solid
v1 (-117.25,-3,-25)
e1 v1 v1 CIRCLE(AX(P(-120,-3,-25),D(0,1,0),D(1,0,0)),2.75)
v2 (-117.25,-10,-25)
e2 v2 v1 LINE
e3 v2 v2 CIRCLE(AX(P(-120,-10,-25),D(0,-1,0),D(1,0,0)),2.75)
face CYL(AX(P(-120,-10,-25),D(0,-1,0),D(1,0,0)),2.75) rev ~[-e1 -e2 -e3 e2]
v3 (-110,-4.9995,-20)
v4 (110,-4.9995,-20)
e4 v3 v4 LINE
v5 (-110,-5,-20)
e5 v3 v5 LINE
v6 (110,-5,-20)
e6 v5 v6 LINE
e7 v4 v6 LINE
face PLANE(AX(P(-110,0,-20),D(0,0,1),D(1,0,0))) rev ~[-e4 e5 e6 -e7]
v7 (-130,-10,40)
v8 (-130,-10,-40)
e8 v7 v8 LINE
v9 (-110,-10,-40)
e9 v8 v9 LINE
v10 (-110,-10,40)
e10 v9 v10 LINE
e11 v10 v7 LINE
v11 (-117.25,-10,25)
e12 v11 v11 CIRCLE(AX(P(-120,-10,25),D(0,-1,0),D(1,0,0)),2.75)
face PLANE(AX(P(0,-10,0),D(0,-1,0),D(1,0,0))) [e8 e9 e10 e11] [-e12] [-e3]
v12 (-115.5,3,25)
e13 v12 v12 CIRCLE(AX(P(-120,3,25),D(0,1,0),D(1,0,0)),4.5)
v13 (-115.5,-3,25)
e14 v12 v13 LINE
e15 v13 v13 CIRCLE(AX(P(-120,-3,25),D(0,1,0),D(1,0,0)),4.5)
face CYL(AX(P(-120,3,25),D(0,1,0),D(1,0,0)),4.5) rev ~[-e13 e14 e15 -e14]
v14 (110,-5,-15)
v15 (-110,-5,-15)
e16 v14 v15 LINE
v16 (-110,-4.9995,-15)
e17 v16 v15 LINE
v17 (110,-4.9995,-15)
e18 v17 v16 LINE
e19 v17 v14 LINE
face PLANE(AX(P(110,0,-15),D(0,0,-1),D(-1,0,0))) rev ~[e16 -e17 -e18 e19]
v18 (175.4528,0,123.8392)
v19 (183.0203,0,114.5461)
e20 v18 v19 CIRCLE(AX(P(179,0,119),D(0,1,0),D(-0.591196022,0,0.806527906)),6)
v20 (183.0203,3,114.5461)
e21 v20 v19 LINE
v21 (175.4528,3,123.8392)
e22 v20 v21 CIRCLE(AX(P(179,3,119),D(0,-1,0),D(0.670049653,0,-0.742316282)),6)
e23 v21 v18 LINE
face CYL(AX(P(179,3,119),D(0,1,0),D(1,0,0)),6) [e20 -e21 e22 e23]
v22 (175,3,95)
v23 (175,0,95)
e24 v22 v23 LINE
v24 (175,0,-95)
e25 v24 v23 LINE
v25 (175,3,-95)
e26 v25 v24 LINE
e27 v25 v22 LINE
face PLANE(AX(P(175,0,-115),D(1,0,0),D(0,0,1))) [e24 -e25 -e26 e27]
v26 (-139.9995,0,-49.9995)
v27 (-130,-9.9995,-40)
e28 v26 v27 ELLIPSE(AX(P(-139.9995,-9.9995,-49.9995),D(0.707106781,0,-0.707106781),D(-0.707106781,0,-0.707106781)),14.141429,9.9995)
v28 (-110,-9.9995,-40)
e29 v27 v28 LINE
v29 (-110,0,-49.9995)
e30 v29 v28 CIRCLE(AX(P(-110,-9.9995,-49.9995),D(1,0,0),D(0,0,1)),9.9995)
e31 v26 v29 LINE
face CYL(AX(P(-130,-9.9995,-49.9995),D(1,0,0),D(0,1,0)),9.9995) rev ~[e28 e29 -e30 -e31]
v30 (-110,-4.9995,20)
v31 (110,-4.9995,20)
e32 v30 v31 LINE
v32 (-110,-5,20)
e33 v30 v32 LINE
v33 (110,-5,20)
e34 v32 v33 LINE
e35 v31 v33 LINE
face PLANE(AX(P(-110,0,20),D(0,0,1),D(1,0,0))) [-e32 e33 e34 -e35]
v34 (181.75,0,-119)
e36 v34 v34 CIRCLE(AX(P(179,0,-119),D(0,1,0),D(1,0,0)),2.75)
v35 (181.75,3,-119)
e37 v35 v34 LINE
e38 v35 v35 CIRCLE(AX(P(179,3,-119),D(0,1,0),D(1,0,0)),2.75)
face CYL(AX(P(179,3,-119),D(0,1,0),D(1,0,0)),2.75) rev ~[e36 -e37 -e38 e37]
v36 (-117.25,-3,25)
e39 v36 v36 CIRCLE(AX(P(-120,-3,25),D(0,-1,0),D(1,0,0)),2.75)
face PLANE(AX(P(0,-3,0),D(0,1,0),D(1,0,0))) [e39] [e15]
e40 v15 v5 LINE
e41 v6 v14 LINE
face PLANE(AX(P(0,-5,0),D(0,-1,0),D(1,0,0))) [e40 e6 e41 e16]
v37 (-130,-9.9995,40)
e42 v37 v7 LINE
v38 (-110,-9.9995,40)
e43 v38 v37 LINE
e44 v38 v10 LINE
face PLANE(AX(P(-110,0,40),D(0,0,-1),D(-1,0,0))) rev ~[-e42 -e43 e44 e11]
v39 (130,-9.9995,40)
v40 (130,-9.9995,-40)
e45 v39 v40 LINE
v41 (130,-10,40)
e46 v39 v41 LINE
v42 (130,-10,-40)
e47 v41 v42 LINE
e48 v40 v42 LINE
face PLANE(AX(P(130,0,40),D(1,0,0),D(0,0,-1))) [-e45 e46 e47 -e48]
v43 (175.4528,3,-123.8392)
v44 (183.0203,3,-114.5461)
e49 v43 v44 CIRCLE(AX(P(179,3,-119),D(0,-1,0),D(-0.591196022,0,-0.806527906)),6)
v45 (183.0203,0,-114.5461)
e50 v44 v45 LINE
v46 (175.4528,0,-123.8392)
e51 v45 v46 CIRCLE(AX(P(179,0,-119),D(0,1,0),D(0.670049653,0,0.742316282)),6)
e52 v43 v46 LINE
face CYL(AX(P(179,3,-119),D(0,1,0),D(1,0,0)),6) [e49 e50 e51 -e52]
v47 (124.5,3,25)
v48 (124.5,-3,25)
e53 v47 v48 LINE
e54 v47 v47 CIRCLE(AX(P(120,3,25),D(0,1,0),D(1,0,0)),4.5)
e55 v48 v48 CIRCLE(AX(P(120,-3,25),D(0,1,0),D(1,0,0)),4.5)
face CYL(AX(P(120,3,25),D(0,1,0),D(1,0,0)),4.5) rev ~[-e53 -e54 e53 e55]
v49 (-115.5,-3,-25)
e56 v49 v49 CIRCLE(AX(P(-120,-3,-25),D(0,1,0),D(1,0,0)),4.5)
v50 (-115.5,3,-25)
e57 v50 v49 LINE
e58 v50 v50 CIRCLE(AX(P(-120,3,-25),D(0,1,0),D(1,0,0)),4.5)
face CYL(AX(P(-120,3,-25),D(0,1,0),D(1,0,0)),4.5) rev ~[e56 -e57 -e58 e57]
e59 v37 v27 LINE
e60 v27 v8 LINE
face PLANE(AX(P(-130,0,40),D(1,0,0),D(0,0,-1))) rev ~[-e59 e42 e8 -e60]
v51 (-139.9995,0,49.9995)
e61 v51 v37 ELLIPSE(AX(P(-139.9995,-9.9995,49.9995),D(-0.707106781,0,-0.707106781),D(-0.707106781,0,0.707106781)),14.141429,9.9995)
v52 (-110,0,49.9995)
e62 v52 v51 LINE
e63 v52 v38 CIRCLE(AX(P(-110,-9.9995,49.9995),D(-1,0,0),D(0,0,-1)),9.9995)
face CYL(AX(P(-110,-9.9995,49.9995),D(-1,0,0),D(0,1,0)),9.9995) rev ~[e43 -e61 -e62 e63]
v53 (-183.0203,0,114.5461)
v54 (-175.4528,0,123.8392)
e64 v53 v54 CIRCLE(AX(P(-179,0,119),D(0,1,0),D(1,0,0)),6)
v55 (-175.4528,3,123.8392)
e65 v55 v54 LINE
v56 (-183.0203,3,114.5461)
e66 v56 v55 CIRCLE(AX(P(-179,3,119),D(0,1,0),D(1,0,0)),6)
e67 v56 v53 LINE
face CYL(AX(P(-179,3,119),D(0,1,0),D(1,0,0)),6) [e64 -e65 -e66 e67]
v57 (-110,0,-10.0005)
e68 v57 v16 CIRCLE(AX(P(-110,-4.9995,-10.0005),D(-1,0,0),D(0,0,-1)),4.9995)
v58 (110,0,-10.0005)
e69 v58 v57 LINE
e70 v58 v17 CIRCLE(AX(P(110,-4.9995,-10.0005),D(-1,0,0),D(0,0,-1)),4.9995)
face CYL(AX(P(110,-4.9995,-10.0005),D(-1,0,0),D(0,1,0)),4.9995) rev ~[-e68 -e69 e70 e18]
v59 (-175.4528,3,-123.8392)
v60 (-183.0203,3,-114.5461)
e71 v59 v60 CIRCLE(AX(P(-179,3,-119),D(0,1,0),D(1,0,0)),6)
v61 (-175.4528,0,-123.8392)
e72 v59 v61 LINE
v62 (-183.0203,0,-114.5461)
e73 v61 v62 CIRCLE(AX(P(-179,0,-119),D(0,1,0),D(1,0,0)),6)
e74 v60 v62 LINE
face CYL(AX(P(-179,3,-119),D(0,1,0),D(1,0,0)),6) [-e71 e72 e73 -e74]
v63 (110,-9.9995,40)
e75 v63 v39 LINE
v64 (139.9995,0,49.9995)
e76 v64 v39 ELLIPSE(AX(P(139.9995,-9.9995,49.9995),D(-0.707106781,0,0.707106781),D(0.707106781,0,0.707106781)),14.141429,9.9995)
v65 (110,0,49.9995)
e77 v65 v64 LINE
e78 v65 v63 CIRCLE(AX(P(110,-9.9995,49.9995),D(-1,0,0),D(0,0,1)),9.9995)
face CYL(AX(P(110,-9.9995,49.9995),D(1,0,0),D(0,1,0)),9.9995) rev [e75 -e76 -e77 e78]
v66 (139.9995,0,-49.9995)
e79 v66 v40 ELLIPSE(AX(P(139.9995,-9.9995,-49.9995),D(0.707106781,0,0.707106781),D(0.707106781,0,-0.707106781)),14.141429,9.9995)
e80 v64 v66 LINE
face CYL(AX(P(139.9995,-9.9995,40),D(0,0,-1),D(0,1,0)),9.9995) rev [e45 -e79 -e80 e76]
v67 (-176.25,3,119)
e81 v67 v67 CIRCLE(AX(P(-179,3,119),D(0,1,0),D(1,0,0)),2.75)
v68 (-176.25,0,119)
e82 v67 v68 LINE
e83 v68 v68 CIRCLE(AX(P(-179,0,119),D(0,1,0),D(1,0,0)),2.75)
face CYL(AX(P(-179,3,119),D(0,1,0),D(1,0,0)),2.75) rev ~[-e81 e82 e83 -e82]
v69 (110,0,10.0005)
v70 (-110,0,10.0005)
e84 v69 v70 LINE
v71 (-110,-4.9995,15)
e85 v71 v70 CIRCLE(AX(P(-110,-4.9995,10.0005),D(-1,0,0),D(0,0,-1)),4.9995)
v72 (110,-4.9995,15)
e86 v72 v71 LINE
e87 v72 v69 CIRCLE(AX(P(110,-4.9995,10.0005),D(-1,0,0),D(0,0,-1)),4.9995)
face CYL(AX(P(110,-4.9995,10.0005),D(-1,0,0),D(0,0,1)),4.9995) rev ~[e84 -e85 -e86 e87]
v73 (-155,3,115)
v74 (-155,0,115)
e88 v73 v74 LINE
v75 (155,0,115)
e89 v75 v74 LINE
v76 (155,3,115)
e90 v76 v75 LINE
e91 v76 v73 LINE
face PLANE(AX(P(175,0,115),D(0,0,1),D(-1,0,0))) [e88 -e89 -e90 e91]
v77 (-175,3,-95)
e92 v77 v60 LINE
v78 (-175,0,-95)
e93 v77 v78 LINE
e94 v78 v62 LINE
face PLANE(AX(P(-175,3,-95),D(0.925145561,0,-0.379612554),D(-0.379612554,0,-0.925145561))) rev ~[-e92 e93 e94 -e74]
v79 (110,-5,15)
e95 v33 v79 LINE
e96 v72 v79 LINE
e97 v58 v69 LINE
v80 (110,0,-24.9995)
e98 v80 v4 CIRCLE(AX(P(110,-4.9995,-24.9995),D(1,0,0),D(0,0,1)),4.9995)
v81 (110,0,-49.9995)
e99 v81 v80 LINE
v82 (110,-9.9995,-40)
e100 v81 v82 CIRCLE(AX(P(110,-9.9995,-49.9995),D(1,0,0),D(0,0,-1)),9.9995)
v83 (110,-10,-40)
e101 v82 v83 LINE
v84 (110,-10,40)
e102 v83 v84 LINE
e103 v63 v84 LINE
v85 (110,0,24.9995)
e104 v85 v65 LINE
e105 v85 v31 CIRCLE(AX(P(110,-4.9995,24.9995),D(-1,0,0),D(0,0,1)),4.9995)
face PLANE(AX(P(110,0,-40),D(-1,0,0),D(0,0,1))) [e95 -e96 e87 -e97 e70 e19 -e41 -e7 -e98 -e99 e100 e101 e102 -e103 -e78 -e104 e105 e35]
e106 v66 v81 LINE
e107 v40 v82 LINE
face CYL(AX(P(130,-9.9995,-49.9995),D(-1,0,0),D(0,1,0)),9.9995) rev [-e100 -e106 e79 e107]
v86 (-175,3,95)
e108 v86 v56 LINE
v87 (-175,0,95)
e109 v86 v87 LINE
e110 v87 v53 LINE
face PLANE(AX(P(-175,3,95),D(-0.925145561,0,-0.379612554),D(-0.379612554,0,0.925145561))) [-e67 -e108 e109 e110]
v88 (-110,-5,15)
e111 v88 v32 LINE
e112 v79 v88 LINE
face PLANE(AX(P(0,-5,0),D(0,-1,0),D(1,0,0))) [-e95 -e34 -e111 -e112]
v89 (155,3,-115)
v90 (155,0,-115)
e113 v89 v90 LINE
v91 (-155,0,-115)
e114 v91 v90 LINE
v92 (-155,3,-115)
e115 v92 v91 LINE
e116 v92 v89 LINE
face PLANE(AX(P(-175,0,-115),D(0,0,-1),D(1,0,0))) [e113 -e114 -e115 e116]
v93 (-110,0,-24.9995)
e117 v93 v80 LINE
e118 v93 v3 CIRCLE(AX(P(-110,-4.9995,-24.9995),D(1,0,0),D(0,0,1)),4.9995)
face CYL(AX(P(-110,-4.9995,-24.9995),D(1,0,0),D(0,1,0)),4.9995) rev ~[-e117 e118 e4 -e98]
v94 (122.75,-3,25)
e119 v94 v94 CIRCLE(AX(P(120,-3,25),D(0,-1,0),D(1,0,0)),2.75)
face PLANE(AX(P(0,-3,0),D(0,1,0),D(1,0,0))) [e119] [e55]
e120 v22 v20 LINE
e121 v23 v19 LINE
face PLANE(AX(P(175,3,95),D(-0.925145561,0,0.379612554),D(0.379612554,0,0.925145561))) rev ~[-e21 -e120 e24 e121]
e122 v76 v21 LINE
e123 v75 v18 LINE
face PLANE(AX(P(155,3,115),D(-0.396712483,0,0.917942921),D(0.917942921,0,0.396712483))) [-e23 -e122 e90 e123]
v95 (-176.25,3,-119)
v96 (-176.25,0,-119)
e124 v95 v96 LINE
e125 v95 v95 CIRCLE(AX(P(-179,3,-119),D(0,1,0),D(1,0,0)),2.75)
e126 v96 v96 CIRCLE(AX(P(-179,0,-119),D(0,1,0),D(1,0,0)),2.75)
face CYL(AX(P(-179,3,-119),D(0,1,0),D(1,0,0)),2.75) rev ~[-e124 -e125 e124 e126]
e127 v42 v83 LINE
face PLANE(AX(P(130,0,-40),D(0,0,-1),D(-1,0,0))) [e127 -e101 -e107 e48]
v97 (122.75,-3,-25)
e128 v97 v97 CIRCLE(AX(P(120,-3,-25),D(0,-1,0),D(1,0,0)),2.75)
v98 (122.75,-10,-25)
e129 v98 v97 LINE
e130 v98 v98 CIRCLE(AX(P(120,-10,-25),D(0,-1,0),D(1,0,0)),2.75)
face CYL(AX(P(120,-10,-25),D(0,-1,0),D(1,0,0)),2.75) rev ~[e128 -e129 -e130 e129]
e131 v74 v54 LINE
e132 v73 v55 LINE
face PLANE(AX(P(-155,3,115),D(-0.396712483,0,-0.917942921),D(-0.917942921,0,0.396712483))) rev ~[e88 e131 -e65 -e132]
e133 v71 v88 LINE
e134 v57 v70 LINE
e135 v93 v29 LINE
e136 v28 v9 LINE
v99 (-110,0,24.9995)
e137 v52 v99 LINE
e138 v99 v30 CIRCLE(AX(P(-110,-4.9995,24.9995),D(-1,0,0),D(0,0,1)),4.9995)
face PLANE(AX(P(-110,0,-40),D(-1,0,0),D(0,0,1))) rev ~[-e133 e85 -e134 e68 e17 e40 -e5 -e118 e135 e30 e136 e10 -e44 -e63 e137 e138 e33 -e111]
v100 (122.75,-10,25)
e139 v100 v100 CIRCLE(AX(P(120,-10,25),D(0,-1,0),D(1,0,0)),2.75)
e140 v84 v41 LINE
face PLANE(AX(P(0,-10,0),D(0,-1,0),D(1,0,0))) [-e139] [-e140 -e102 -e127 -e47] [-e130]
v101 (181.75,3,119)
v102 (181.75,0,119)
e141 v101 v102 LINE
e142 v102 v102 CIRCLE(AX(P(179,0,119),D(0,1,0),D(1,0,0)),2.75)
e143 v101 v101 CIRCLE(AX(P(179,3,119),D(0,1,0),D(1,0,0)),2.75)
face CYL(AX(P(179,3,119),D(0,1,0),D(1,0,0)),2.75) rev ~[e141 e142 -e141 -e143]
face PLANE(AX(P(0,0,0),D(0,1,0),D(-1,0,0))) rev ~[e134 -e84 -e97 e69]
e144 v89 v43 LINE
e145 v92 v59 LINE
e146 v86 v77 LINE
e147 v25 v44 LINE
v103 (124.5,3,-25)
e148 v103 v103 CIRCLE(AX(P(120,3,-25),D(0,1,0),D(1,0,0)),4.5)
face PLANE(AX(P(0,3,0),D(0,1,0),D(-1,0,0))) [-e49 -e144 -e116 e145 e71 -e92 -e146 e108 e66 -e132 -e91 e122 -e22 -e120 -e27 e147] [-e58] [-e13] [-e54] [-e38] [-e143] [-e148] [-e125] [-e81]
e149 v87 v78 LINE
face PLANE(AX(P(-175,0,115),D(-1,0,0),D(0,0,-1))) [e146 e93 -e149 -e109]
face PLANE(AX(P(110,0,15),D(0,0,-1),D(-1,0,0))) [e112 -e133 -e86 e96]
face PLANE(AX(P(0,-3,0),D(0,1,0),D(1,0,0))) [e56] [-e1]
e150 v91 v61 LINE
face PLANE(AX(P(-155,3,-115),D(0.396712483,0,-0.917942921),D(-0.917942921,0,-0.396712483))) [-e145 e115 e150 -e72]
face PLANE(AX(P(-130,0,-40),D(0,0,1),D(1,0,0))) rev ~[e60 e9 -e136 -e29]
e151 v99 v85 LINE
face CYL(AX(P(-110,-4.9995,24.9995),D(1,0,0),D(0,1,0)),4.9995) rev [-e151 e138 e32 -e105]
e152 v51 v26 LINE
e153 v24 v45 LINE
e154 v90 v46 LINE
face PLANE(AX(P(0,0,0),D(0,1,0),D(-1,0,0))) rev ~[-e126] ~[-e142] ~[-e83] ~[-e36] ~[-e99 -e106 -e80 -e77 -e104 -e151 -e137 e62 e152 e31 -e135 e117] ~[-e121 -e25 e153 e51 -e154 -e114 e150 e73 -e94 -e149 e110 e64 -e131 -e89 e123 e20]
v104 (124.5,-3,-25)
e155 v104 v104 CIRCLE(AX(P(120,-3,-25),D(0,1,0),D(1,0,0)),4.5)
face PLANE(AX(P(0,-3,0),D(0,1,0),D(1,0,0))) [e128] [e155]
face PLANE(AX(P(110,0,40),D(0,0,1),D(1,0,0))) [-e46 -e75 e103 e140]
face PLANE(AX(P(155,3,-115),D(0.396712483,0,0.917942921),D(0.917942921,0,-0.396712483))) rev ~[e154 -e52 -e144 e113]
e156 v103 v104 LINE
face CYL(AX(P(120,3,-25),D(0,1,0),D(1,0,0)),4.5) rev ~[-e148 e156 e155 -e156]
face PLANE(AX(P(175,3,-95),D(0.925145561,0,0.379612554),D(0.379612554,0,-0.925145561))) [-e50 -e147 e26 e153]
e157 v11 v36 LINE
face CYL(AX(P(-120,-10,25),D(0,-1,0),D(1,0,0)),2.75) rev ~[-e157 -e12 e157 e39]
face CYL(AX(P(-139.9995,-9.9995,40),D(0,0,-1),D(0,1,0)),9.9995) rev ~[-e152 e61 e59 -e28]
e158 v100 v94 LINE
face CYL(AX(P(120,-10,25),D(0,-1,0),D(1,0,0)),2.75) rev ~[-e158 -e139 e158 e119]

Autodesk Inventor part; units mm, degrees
ref_plane "YZ Plane" through (0, 0, 0) normal (1, 0, 0) x (0, 1, 0)
ref_plane "XZ Plane" through (0, 0, 0) normal (0, 1, 0) x (-1, 0, 0)
ref_plane "XY Plane" through (0, 0, 0) normal (0, 0, 1) x (1, 0, 0)
sketch "Sketch1" plane through (0, 0, 0) normal (0, 1, 0) x (-1, 0, 0)
  line L0 (175, -115) -> (-175, -115)
  line L1 (-175, -115) -> (-175, 115)
  line L2 (-175, 115) -> (175, 115)
  line L3 (175, 115) -> (175, -115)
  line L4 (0, -115) -> (0, 115) construction
  line L5 (175, 0) -> (-175, 0) construction
  point P0 (0, 0)
  point P1 (0, 0)
  dimension "d0" = 350
  dimension "d1" = 230
extrude "Extrusion1" add sketch "Sketch1" along normal blind 3
sketch "Sketch2" plane through (0, 0, 0) normal (0, -1, 0) x (1, 0, 0)
  line L0 (175, -115) -> (-175, -115) construction
  line L1 (0, -115) -> (0, 115) construction
  line L2 (-175, 115) -> (175, 115) construction
  line L3 (130, -40) -> (110, -40)
  line L4 (110, -40) -> (110, 40)
  line L5 (110, 40) -> (130, 40)
  line L6 (130, 40) -> (130, -40)
  line L7 (130, 0) -> (110, 0) construction
  line L8 (0, 0) -> (175, 0) construction
  line L9 (175, 115) -> (175, -115) construction
  line L10 (-130, -40) -> (-110, -40)
  line L11 (-110, -40) -> (-110, 40)
  line L12 (-110, 40) -> (-130, 40)
  line L13 (-130, 40) -> (-130, -40)
  dimension "d4" = 20
  dimension "d5" = 80
  dimension "d6" = 220
extrude "Extrusion2" add sketch "Sketch2" along normal blind 10
sketch "Sketch3" plane through (0, -10, 0) normal (0, -1, 0) x (1, 0, 0)
  line L0 (175, 115) -> (-175, 115) construction
  line L1 (0, 115) -> (0, -115) construction
  line L2 (175, -115) -> (-175, -115) construction
  line L3 (0, 0) -> (-175, 0) construction
  line L4 (-175, 115) -> (-175, -115) construction
  line L5 (-110, 40) -> (-130, 40) construction
  line L6 (-120, 40) -> (-120, -40) construction
  line L7 (-130, -40) -> (-110, -40) construction
  circle A0 centre (-120, 25) radius 2.75
  circle A1 centre (-120, -25) radius 2.75
  circle A2 centre (120, 25) radius 2.75
  circle A3 centre (120, -25) radius 2.75
  dimension "d9" = 5.5
  dimension "d10" = 15
extrude "Extrusion3" cut sketch "Sketch3" against normal up to next
sketch "Sketch4" plane through (0, 0, 0) normal (0, -1, 0) x (1, 0, 0)
  line L0 (110, 40) -> (110, -40) construction
  line L1 (110, 0) -> (-110, 0) construction
  line L2 (-110, -40) -> (-110, 40) construction
  line L3 (110, 15) -> (-110, 15)
  line L4 (-110, 15) -> (-110, 20)
  line L5 (-110, 20) -> (110, 20)
  line L6 (110, 20) -> (110, 15)
  line L7 (110, -15) -> (-110, -15)
  line L8 (-110, -15) -> (-110, -20)
  line L9 (-110, -20) -> (110, -20)
  line L10 (110, -20) -> (110, -15)
  point P0 (0, 0)
  dimension "d13" = 5
  dimension "d14" = 30
extrude "Extrusion4" add sketch "Sketch4" along normal blind 5
fillet "Fillet1" radius 10 6 edges at (120, 0, 40) (130, 0, 0) (120, 0, -40) (-120, 0, 40) (-130, 0, 0) (-120, 0, -40)
fillet "Fillet2" radius 5 4 edges at (0, 0, 20) (0, 0, -15) (0, 0, 15) (0, 0, -20)
sketch "Sketch5" plane through (0, 3, 0) normal (0, 1, 0) x (1, 0, 0)
  line L0 (-175, -115) -> (-175, 115) construction
  line L1 (-175, 0) -> (175, 0) construction
  line L2 (175, -115) -> (175, 115) construction
  line L3 (175, -115) -> (-175, -115) construction
  line L4 (0, -115) -> (0, 115) construction
  line L5 (-175, 115) -> (175, 115) construction
  circle A0 centre (-120, 25) radius 2.75 projected
  circle A1 centre (-120, 25) radius 4.5
  circle A2 centre (-120, -25) radius 4.5
  circle A3 centre (120, 25) radius 4.5
  circle A4 centre (120, -25) radius 4.5
  point P0 (0, 0)
  dimension "d19" = 9
extrude "Extrusion5" cut sketch "Sketch5" against normal blind 6
sketch "Sketch6" plane through (0, 3, 0) normal (0, 1, 0) x (1, 0, 0)
  line L0 (175, 115) -> (-175, 115) construction
  line L1 (0, 115) -> (0, -115) construction
  line L2 (175, -115) -> (-175, -115) construction
  line L3 (-175, 115) -> (-175, -115) construction
  line L4 (-175, 0) -> (175, 0) construction
  line L5 (175, -115) -> (175, 115) construction
  circle A0 centre (-179, 119) radius 6
  line L6 (-175, 115) -> (-179, 115) construction
  line L7 (-179, 115) -> (-179, 119) construction
  line L8 (-179, 119) -> (-175, 119) construction
  line L9 (-175, 119) -> (-175, 115) construction
  line L10 (-155, 115) -> (-175.4528, 123.8392)
  line L11 (-175, 95) -> (-183.0203, 114.5461)
  line L12 (-175, 95) -> (-175, 115)
  line L13 (-155, 115) -> (-175, 115)
  circle A1 centre (-179, -119) radius 6
  line L14 (-155, -115) -> (-175.4528, -123.8392)
  line L15 (-175, -95) -> (-183.0203, -114.5461)
  line L16 (-175, -95) -> (-175, -115)
  line L17 (-155, -115) -> (-175, -115)
  circle A2 centre (179, 119) radius 6
  line L18 (155, 115) -> (175.4528, 123.8392)
  line L19 (175, 95) -> (183.0203, 114.5461)
  line L20 (175, 95) -> (175, 115)
  line L21 (155, 115) -> (175, 115)
  line L22 (175, -95) -> (183.0203, -114.5461)
  circle A3 centre (179, -119) radius 6
  line L23 (155, -115) -> (175.4528, -123.8392)
  line L24 (155, -115) -> (175, -115)
  line L25 (175, -95) -> (175, -115)
  circle A4 centre (179, -119) radius 2.75
  circle A5 centre (179, 119) radius 2.75
  circle A6 centre (-179, -119) radius 2.75
  circle A7 centre (-179, 119) radius 2.75
  point P0 (0, 0)
  dimension "d22" = 12
  dimension "d23" = 4
  dimension "d24" = 4
  dimension "d25" = 20
  dimension "d26" = 20
  dimension "d30" = 5.5
extrude "Extrusion6" add sketch "Sketch6" against normal blind 3 contours A0 L13 L12 | A0 L10 L13 | A0 L12 L11 | A1 L16 L17 | L15 L16 A1 | A1 L17 L14 | A2 L20 L21 | A2 L21 L18 | L19 L20 A2 | L22 A3 L25 | A3 L24 L25 | A3 L23 L24 picked at (-175.087, 116.3056) picked at (-175.087, -116.3056) picked at (175.0917, 116.2969) picked at (175.0917, -116.2969)
properties part number "vna_mount"
